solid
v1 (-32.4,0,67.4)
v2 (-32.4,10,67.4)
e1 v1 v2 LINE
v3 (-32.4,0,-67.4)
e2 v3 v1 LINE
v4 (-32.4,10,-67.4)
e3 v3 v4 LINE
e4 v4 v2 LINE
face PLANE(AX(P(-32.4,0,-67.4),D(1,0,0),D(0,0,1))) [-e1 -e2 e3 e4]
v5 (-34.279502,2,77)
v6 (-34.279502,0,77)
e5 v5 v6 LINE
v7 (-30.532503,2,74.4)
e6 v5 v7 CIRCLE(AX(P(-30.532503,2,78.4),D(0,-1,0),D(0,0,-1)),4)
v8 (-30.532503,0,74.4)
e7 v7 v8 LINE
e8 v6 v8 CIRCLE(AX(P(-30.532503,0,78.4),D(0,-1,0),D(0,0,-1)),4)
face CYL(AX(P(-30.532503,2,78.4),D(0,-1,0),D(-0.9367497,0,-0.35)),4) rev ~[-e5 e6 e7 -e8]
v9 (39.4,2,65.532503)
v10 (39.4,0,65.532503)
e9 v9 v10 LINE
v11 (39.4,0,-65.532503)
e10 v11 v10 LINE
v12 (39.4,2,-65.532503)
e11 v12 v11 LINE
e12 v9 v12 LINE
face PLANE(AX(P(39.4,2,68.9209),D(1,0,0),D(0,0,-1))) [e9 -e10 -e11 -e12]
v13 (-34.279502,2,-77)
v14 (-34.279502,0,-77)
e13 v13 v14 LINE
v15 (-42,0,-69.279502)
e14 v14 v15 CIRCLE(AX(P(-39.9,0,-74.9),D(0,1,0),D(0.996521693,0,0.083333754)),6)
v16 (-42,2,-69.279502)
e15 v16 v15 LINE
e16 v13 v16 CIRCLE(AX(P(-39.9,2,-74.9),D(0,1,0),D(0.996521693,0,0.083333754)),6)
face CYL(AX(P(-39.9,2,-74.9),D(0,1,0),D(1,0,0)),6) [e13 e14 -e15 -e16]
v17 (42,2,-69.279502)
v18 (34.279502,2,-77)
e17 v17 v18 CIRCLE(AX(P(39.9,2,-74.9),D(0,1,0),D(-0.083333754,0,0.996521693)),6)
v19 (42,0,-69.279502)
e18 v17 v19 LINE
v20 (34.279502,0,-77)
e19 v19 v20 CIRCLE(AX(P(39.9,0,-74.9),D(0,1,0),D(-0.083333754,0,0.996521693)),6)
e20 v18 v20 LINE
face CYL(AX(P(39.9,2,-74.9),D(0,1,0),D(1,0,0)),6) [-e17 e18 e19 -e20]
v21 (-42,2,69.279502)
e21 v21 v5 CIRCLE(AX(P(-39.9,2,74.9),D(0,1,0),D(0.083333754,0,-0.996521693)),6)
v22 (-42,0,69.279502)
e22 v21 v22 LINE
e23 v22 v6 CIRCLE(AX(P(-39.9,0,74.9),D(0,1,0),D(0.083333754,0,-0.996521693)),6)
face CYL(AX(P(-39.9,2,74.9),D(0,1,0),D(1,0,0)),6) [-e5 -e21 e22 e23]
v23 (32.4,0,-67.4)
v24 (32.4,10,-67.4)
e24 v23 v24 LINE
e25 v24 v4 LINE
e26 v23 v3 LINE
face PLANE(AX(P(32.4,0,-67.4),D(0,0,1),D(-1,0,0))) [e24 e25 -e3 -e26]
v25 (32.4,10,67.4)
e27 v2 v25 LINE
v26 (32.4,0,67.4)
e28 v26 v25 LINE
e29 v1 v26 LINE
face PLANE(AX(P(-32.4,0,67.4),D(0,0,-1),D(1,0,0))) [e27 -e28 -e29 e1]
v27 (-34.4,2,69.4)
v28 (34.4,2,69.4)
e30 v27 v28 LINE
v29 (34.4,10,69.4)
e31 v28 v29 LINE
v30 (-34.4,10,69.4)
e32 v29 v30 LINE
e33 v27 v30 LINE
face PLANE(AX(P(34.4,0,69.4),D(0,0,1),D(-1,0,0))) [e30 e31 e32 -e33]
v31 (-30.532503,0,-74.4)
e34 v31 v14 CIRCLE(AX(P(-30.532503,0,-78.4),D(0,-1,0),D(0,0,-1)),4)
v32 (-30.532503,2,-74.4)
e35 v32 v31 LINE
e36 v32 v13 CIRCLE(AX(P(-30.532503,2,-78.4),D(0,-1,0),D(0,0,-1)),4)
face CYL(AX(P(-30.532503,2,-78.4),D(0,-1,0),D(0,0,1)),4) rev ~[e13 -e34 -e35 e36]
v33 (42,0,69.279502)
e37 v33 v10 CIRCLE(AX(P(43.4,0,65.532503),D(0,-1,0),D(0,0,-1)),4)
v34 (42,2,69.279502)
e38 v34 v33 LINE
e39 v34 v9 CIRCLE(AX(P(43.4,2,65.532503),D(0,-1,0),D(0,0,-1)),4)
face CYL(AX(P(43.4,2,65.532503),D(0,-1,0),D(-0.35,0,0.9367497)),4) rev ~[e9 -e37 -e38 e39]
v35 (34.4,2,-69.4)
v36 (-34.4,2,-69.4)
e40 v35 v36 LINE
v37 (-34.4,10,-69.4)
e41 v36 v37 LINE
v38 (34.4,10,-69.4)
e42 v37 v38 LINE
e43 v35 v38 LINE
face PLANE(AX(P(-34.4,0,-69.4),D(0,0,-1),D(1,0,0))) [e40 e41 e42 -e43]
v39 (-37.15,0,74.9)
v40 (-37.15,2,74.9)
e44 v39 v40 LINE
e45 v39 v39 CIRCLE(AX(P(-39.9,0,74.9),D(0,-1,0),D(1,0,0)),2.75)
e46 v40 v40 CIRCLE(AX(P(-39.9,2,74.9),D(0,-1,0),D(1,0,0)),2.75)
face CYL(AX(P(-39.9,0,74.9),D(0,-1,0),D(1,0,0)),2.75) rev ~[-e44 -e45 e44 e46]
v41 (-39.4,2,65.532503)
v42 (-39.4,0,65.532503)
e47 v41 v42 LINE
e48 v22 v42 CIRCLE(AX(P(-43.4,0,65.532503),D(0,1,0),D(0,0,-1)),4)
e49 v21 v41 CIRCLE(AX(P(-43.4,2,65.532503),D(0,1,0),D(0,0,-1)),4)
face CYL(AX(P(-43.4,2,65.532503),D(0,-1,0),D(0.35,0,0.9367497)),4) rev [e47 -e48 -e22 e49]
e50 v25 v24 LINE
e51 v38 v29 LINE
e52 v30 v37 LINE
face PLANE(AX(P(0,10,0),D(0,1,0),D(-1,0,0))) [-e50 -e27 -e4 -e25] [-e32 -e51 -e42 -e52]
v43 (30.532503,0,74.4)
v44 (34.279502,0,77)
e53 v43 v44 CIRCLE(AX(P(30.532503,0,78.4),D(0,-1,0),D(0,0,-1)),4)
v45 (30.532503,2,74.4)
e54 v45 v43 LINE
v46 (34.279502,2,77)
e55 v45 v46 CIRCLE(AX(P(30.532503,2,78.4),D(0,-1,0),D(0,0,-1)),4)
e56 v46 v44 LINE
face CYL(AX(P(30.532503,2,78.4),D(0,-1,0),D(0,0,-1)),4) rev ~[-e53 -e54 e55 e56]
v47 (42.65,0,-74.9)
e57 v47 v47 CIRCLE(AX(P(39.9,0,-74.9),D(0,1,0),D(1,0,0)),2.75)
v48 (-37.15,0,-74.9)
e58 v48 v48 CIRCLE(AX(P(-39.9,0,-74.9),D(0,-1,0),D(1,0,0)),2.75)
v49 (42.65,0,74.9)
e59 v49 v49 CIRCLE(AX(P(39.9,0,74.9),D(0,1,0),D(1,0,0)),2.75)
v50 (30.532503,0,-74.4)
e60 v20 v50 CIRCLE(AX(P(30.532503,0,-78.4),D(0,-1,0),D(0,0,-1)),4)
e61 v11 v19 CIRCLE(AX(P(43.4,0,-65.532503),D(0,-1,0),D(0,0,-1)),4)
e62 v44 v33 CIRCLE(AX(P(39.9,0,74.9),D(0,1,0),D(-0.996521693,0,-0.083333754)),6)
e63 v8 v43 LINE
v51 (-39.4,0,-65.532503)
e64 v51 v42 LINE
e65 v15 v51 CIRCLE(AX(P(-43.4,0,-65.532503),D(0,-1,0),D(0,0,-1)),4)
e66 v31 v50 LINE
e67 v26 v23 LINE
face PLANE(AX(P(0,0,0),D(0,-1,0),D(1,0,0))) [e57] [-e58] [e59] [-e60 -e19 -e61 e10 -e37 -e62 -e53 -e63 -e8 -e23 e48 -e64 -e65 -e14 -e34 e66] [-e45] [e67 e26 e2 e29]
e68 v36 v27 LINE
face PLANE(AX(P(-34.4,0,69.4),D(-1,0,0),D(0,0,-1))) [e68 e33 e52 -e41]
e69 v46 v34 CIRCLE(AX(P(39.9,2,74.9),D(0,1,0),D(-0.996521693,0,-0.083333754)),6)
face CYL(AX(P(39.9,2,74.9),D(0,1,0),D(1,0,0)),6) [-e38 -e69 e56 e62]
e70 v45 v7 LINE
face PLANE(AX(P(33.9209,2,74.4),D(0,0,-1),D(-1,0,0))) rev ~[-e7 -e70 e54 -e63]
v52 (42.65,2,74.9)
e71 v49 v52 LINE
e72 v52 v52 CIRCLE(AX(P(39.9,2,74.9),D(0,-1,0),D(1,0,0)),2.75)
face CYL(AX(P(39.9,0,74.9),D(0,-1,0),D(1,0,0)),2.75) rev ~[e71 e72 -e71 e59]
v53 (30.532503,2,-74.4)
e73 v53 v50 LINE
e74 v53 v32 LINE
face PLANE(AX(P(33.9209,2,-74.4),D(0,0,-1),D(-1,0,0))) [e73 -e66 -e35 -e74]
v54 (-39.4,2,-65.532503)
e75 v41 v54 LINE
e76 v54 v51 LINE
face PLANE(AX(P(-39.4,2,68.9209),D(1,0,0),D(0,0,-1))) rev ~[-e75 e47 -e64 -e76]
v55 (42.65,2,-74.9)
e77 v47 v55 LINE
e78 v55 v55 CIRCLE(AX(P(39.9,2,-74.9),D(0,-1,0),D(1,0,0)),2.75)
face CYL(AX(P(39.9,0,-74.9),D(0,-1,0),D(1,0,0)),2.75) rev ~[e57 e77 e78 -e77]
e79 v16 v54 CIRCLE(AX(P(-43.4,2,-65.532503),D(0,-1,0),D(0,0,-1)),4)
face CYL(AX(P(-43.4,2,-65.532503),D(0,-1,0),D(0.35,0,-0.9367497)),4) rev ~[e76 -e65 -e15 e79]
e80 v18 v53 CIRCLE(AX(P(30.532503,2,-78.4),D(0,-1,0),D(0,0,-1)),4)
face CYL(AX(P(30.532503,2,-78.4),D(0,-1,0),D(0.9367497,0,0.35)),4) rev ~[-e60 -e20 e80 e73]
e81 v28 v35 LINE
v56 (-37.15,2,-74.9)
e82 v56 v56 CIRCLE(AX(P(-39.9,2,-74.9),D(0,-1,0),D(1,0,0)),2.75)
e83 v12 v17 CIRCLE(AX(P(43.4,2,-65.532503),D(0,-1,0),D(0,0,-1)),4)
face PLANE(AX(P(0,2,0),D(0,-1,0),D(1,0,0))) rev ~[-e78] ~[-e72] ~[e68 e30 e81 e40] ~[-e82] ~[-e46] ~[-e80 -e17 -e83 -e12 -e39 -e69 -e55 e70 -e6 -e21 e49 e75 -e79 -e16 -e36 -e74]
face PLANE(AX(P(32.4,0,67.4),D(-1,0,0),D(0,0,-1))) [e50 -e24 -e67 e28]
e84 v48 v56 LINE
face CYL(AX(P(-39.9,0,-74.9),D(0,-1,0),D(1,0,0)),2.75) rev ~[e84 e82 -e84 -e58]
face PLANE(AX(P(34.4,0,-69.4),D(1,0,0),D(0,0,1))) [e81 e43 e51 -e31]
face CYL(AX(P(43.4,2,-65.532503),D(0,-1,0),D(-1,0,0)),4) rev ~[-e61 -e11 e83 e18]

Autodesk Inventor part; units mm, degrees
ref_plane "YZ Plane" through (0, 0, 0) normal (1, 0, 0) x (0, 1, 0)
ref_plane "XZ Plane" through (0, 0, 0) normal (0, 1, 0) x (-1, 0, 0)
ref_plane "XY Plane" through (0, 0, 0) normal (0, 0, 1) x (1, 0, 0)
sketch "Sketch1" plane through (0, 0, 0) normal (0, 1, 0) x (-1, 0, 0)
  line L0 (-34.4, 69.4) -> (34.4, 69.4)
  line L1 (34.4, 69.4) -> (34.4, -69.4)
  line L2 (34.4, -69.4) -> (-34.4, -69.4)
  line L3 (-34.4, -69.4) -> (-34.4, 69.4)
  line L4 (-34.4, 69.4) -> (34.4, -69.4) construction
  line L5 (34.4, 69.4) -> (-34.4, -69.4) construction
  line L6 (32.4, -67.4) -> (32.4, 67.4)
  line L7 (32.4, 67.4) -> (-32.4, 67.4)
  line L8 (-32.4, 67.4) -> (-32.4, -67.4)
  line L9 (-32.4, -67.4) -> (32.4, -67.4)
  point P0 (0, 0)
  dimension "d0" = 68.8
  dimension "d1" = 138.8
  dimension "d2" = 2
extrude "Extrusion1" add sketch "Sketch1" along normal blind 10
sketch "Sketch2" plane through (0, 0, 0) normal (0, -1, 0) x (1, 0, 0)
  line L0 (-49.4, 84.4) -> (49.4, 84.4)
  line L1 (49.4, 84.4) -> (49.4, -84.4)
  line L2 (49.4, -84.4) -> (-49.4, -84.4)
  line L3 (-49.4, -84.4) -> (-49.4, 84.4)
  line L4 (-49.4, 84.4) -> (49.4, -84.4) construction
  line L5 (49.4, 84.4) -> (-49.4, -84.4) construction
  line L6 (34.4, 69.4) -> (34.4, -69.4) projected
  line L7 (-34.4, 69.4) -> (34.4, 69.4) projected
  line L8 (34.4, -69.4) -> (-34.4, -69.4) projected
  line L9 (-34.4, -69.4) -> (-34.4, 69.4) projected
  point P0 (0, 0)
  dimension "d5" = 15
  dimension "d6" = 15
extrude "Extrusion2" add sketch "Sketch2" against normal blind 2
fillet "Fillet1" radius 4 4 edges at (49.4, 1, -84.4) (49.4, 1, 84.4) (-49.4, 1, 84.4) (-49.4, 1, -84.4)
sketch "Sketch3" plane through (0, 0, 0) normal (0, -1, 0) x (1, 0, 0)
  arc A0 (-49.4, -80.4) -> (-45.4, -84.4) centre (-45.4, -80.4) ccw projected
  line L0 (-49.4, 80.4) -> (-49.4, -80.4) projected
  arc A1 (-45.4, 84.4) -> (-49.4, 80.4) centre (-45.4, 80.4) ccw projected
  line L1 (45.4, 84.4) -> (-45.4, 84.4) projected
  arc A2 (49.4, 80.4) -> (45.4, 84.4) centre (45.4, 80.4) ccw projected
  line L2 (49.4, -80.4) -> (49.4, 80.4) projected
  arc A3 (45.4, -84.4) -> (49.4, -80.4) centre (45.4, -80.4) ccw projected
  line L3 (-45.4, -84.4) -> (45.4, -84.4) projected
  line L4 (34.4, 69.4) -> (45.4, 80.4)
  circle A4 centre (39.9, 74.9) radius 2.75
  line L5 (34.4, -69.4) -> (-34.4, -69.4) projected
  line L6 (34.4, -69.4) -> (45.4, -80.4)
  circle A5 centre (39.9, -74.9) radius 2.75
  line L7 (45.4, -84.4) -> (-45.4, -84.4) projected
  line L8 (0, -84.4) -> (0, -77.4)
  circle A6 centre (-39.9, 74.9) radius 2.75
  circle A7 centre (-39.9, -74.9) radius 2.75
  point P0 (32.4, -67.4)
  point P1 (32.4, 67.4)
  point P2 (-32.4, 67.4)
  dimension "d20" = 5.5
  dimension "d21" = 5.5
extrude "Extrusion3" cut sketch "Sketch3" against normal up to surface (2 mm away) contours A4 L4 | L4 A4 | A5 L6 | L6 A5 | A6 | A7
sketch "Sketch4" plane through (0, 2, 0) normal (0, 1, 0) x (1, 0, 0)
  circle A0 centre (-39.9, -74.9) radius 2.75 projected
  circle A1 centre (-39.9, -74.9) radius 6
  circle A2 centre (39.9, -74.9) radius 2.75 projected
  circle A3 centre (39.9, -74.9) radius 6
  line L0 (33.9209, -74.4) -> (-33.9209, -74.4)
  line L1 (-34.4, -69.4) -> (34.4, -69.4) projected
  line L2 (0, 0) -> (-15.7082, 0)
  circle A4 centre (-39.9, 74.9) radius 2.75
  circle A5 centre (39.9, 74.9) radius 6
  line L3 (33.9209, 74.4) -> (-33.9209, 74.4)
  circle A6 centre (-39.9, 74.9) radius 6
  line L4 (-39.4, -68.9209) -> (-39.4, 68.9209)
  line L5 (-34.4, 69.4) -> (-34.4, -69.4) projected
  line L6 (39.4, -68.9209) -> (39.4, 68.9209)
  line L7 (34.4, -69.4) -> (34.4, 69.4) projected
  circle A7 centre (39.9, 74.9) radius 2.75 projected
  circle A8 centre (-39.9, -74.9) radius 2.75 projected
  circle A9 centre (39.9, -74.9) radius 2.75 projected
  circle A10 centre (-39.9, 74.9) radius 2.75 projected
  arc A11 (-45.4, 84.4) -> (-49.4, 80.4) centre (-45.4, 80.4) ccw projected
  line L8 (-49.4, 80.4) -> (-49.4, -80.4) projected
  arc A12 (-49.4, -80.4) -> (-45.4, -84.4) centre (-45.4, -80.4) ccw projected
  line L9 (-45.4, -84.4) -> (45.4, -84.4) projected
  arc A13 (45.4, -84.4) -> (49.4, -80.4) centre (45.4, -80.4) ccw projected
  line L10 (49.4, -80.4) -> (49.4, 80.4) projected
  arc A14 (49.4, 80.4) -> (45.4, 84.4) centre (45.4, 80.4) ccw projected
  line L11 (45.4, 84.4) -> (-45.4, 84.4) projected
  line L12 (34.4, -69.4) -> (34.4, 69.4) projected
  line L13 (-34.4, -69.4) -> (34.4, -69.4) projected
  line L14 (-34.4, 69.4) -> (-34.4, -69.4) projected
  line L15 (34.4, 69.4) -> (-34.4, 69.4) projected
  dimension "d22" = 12
  dimension "d23" = 12
  dimension "d24" = 5
  dimension "d25" = 5
  dimension "d26" = 5
extrude "Extrusion4" cut sketch "Sketch4" against normal blind 10 contours L11 A14 L10 A13 L9 A12 L8 A11
fillet "Fillet2" radius 4 8 edges at (-39.4, 1, 68.9209) (-33.9209, 1, 74.4) (-33.9209, 1, -74.4) (-39.4, 1, -68.9209) (33.9209, 1, -74.4) (39.4, 1, -68.9209) (39.4, 1, 68.9209) (33.9209, 1, 74.4)
properties part number "_3DPrint"
